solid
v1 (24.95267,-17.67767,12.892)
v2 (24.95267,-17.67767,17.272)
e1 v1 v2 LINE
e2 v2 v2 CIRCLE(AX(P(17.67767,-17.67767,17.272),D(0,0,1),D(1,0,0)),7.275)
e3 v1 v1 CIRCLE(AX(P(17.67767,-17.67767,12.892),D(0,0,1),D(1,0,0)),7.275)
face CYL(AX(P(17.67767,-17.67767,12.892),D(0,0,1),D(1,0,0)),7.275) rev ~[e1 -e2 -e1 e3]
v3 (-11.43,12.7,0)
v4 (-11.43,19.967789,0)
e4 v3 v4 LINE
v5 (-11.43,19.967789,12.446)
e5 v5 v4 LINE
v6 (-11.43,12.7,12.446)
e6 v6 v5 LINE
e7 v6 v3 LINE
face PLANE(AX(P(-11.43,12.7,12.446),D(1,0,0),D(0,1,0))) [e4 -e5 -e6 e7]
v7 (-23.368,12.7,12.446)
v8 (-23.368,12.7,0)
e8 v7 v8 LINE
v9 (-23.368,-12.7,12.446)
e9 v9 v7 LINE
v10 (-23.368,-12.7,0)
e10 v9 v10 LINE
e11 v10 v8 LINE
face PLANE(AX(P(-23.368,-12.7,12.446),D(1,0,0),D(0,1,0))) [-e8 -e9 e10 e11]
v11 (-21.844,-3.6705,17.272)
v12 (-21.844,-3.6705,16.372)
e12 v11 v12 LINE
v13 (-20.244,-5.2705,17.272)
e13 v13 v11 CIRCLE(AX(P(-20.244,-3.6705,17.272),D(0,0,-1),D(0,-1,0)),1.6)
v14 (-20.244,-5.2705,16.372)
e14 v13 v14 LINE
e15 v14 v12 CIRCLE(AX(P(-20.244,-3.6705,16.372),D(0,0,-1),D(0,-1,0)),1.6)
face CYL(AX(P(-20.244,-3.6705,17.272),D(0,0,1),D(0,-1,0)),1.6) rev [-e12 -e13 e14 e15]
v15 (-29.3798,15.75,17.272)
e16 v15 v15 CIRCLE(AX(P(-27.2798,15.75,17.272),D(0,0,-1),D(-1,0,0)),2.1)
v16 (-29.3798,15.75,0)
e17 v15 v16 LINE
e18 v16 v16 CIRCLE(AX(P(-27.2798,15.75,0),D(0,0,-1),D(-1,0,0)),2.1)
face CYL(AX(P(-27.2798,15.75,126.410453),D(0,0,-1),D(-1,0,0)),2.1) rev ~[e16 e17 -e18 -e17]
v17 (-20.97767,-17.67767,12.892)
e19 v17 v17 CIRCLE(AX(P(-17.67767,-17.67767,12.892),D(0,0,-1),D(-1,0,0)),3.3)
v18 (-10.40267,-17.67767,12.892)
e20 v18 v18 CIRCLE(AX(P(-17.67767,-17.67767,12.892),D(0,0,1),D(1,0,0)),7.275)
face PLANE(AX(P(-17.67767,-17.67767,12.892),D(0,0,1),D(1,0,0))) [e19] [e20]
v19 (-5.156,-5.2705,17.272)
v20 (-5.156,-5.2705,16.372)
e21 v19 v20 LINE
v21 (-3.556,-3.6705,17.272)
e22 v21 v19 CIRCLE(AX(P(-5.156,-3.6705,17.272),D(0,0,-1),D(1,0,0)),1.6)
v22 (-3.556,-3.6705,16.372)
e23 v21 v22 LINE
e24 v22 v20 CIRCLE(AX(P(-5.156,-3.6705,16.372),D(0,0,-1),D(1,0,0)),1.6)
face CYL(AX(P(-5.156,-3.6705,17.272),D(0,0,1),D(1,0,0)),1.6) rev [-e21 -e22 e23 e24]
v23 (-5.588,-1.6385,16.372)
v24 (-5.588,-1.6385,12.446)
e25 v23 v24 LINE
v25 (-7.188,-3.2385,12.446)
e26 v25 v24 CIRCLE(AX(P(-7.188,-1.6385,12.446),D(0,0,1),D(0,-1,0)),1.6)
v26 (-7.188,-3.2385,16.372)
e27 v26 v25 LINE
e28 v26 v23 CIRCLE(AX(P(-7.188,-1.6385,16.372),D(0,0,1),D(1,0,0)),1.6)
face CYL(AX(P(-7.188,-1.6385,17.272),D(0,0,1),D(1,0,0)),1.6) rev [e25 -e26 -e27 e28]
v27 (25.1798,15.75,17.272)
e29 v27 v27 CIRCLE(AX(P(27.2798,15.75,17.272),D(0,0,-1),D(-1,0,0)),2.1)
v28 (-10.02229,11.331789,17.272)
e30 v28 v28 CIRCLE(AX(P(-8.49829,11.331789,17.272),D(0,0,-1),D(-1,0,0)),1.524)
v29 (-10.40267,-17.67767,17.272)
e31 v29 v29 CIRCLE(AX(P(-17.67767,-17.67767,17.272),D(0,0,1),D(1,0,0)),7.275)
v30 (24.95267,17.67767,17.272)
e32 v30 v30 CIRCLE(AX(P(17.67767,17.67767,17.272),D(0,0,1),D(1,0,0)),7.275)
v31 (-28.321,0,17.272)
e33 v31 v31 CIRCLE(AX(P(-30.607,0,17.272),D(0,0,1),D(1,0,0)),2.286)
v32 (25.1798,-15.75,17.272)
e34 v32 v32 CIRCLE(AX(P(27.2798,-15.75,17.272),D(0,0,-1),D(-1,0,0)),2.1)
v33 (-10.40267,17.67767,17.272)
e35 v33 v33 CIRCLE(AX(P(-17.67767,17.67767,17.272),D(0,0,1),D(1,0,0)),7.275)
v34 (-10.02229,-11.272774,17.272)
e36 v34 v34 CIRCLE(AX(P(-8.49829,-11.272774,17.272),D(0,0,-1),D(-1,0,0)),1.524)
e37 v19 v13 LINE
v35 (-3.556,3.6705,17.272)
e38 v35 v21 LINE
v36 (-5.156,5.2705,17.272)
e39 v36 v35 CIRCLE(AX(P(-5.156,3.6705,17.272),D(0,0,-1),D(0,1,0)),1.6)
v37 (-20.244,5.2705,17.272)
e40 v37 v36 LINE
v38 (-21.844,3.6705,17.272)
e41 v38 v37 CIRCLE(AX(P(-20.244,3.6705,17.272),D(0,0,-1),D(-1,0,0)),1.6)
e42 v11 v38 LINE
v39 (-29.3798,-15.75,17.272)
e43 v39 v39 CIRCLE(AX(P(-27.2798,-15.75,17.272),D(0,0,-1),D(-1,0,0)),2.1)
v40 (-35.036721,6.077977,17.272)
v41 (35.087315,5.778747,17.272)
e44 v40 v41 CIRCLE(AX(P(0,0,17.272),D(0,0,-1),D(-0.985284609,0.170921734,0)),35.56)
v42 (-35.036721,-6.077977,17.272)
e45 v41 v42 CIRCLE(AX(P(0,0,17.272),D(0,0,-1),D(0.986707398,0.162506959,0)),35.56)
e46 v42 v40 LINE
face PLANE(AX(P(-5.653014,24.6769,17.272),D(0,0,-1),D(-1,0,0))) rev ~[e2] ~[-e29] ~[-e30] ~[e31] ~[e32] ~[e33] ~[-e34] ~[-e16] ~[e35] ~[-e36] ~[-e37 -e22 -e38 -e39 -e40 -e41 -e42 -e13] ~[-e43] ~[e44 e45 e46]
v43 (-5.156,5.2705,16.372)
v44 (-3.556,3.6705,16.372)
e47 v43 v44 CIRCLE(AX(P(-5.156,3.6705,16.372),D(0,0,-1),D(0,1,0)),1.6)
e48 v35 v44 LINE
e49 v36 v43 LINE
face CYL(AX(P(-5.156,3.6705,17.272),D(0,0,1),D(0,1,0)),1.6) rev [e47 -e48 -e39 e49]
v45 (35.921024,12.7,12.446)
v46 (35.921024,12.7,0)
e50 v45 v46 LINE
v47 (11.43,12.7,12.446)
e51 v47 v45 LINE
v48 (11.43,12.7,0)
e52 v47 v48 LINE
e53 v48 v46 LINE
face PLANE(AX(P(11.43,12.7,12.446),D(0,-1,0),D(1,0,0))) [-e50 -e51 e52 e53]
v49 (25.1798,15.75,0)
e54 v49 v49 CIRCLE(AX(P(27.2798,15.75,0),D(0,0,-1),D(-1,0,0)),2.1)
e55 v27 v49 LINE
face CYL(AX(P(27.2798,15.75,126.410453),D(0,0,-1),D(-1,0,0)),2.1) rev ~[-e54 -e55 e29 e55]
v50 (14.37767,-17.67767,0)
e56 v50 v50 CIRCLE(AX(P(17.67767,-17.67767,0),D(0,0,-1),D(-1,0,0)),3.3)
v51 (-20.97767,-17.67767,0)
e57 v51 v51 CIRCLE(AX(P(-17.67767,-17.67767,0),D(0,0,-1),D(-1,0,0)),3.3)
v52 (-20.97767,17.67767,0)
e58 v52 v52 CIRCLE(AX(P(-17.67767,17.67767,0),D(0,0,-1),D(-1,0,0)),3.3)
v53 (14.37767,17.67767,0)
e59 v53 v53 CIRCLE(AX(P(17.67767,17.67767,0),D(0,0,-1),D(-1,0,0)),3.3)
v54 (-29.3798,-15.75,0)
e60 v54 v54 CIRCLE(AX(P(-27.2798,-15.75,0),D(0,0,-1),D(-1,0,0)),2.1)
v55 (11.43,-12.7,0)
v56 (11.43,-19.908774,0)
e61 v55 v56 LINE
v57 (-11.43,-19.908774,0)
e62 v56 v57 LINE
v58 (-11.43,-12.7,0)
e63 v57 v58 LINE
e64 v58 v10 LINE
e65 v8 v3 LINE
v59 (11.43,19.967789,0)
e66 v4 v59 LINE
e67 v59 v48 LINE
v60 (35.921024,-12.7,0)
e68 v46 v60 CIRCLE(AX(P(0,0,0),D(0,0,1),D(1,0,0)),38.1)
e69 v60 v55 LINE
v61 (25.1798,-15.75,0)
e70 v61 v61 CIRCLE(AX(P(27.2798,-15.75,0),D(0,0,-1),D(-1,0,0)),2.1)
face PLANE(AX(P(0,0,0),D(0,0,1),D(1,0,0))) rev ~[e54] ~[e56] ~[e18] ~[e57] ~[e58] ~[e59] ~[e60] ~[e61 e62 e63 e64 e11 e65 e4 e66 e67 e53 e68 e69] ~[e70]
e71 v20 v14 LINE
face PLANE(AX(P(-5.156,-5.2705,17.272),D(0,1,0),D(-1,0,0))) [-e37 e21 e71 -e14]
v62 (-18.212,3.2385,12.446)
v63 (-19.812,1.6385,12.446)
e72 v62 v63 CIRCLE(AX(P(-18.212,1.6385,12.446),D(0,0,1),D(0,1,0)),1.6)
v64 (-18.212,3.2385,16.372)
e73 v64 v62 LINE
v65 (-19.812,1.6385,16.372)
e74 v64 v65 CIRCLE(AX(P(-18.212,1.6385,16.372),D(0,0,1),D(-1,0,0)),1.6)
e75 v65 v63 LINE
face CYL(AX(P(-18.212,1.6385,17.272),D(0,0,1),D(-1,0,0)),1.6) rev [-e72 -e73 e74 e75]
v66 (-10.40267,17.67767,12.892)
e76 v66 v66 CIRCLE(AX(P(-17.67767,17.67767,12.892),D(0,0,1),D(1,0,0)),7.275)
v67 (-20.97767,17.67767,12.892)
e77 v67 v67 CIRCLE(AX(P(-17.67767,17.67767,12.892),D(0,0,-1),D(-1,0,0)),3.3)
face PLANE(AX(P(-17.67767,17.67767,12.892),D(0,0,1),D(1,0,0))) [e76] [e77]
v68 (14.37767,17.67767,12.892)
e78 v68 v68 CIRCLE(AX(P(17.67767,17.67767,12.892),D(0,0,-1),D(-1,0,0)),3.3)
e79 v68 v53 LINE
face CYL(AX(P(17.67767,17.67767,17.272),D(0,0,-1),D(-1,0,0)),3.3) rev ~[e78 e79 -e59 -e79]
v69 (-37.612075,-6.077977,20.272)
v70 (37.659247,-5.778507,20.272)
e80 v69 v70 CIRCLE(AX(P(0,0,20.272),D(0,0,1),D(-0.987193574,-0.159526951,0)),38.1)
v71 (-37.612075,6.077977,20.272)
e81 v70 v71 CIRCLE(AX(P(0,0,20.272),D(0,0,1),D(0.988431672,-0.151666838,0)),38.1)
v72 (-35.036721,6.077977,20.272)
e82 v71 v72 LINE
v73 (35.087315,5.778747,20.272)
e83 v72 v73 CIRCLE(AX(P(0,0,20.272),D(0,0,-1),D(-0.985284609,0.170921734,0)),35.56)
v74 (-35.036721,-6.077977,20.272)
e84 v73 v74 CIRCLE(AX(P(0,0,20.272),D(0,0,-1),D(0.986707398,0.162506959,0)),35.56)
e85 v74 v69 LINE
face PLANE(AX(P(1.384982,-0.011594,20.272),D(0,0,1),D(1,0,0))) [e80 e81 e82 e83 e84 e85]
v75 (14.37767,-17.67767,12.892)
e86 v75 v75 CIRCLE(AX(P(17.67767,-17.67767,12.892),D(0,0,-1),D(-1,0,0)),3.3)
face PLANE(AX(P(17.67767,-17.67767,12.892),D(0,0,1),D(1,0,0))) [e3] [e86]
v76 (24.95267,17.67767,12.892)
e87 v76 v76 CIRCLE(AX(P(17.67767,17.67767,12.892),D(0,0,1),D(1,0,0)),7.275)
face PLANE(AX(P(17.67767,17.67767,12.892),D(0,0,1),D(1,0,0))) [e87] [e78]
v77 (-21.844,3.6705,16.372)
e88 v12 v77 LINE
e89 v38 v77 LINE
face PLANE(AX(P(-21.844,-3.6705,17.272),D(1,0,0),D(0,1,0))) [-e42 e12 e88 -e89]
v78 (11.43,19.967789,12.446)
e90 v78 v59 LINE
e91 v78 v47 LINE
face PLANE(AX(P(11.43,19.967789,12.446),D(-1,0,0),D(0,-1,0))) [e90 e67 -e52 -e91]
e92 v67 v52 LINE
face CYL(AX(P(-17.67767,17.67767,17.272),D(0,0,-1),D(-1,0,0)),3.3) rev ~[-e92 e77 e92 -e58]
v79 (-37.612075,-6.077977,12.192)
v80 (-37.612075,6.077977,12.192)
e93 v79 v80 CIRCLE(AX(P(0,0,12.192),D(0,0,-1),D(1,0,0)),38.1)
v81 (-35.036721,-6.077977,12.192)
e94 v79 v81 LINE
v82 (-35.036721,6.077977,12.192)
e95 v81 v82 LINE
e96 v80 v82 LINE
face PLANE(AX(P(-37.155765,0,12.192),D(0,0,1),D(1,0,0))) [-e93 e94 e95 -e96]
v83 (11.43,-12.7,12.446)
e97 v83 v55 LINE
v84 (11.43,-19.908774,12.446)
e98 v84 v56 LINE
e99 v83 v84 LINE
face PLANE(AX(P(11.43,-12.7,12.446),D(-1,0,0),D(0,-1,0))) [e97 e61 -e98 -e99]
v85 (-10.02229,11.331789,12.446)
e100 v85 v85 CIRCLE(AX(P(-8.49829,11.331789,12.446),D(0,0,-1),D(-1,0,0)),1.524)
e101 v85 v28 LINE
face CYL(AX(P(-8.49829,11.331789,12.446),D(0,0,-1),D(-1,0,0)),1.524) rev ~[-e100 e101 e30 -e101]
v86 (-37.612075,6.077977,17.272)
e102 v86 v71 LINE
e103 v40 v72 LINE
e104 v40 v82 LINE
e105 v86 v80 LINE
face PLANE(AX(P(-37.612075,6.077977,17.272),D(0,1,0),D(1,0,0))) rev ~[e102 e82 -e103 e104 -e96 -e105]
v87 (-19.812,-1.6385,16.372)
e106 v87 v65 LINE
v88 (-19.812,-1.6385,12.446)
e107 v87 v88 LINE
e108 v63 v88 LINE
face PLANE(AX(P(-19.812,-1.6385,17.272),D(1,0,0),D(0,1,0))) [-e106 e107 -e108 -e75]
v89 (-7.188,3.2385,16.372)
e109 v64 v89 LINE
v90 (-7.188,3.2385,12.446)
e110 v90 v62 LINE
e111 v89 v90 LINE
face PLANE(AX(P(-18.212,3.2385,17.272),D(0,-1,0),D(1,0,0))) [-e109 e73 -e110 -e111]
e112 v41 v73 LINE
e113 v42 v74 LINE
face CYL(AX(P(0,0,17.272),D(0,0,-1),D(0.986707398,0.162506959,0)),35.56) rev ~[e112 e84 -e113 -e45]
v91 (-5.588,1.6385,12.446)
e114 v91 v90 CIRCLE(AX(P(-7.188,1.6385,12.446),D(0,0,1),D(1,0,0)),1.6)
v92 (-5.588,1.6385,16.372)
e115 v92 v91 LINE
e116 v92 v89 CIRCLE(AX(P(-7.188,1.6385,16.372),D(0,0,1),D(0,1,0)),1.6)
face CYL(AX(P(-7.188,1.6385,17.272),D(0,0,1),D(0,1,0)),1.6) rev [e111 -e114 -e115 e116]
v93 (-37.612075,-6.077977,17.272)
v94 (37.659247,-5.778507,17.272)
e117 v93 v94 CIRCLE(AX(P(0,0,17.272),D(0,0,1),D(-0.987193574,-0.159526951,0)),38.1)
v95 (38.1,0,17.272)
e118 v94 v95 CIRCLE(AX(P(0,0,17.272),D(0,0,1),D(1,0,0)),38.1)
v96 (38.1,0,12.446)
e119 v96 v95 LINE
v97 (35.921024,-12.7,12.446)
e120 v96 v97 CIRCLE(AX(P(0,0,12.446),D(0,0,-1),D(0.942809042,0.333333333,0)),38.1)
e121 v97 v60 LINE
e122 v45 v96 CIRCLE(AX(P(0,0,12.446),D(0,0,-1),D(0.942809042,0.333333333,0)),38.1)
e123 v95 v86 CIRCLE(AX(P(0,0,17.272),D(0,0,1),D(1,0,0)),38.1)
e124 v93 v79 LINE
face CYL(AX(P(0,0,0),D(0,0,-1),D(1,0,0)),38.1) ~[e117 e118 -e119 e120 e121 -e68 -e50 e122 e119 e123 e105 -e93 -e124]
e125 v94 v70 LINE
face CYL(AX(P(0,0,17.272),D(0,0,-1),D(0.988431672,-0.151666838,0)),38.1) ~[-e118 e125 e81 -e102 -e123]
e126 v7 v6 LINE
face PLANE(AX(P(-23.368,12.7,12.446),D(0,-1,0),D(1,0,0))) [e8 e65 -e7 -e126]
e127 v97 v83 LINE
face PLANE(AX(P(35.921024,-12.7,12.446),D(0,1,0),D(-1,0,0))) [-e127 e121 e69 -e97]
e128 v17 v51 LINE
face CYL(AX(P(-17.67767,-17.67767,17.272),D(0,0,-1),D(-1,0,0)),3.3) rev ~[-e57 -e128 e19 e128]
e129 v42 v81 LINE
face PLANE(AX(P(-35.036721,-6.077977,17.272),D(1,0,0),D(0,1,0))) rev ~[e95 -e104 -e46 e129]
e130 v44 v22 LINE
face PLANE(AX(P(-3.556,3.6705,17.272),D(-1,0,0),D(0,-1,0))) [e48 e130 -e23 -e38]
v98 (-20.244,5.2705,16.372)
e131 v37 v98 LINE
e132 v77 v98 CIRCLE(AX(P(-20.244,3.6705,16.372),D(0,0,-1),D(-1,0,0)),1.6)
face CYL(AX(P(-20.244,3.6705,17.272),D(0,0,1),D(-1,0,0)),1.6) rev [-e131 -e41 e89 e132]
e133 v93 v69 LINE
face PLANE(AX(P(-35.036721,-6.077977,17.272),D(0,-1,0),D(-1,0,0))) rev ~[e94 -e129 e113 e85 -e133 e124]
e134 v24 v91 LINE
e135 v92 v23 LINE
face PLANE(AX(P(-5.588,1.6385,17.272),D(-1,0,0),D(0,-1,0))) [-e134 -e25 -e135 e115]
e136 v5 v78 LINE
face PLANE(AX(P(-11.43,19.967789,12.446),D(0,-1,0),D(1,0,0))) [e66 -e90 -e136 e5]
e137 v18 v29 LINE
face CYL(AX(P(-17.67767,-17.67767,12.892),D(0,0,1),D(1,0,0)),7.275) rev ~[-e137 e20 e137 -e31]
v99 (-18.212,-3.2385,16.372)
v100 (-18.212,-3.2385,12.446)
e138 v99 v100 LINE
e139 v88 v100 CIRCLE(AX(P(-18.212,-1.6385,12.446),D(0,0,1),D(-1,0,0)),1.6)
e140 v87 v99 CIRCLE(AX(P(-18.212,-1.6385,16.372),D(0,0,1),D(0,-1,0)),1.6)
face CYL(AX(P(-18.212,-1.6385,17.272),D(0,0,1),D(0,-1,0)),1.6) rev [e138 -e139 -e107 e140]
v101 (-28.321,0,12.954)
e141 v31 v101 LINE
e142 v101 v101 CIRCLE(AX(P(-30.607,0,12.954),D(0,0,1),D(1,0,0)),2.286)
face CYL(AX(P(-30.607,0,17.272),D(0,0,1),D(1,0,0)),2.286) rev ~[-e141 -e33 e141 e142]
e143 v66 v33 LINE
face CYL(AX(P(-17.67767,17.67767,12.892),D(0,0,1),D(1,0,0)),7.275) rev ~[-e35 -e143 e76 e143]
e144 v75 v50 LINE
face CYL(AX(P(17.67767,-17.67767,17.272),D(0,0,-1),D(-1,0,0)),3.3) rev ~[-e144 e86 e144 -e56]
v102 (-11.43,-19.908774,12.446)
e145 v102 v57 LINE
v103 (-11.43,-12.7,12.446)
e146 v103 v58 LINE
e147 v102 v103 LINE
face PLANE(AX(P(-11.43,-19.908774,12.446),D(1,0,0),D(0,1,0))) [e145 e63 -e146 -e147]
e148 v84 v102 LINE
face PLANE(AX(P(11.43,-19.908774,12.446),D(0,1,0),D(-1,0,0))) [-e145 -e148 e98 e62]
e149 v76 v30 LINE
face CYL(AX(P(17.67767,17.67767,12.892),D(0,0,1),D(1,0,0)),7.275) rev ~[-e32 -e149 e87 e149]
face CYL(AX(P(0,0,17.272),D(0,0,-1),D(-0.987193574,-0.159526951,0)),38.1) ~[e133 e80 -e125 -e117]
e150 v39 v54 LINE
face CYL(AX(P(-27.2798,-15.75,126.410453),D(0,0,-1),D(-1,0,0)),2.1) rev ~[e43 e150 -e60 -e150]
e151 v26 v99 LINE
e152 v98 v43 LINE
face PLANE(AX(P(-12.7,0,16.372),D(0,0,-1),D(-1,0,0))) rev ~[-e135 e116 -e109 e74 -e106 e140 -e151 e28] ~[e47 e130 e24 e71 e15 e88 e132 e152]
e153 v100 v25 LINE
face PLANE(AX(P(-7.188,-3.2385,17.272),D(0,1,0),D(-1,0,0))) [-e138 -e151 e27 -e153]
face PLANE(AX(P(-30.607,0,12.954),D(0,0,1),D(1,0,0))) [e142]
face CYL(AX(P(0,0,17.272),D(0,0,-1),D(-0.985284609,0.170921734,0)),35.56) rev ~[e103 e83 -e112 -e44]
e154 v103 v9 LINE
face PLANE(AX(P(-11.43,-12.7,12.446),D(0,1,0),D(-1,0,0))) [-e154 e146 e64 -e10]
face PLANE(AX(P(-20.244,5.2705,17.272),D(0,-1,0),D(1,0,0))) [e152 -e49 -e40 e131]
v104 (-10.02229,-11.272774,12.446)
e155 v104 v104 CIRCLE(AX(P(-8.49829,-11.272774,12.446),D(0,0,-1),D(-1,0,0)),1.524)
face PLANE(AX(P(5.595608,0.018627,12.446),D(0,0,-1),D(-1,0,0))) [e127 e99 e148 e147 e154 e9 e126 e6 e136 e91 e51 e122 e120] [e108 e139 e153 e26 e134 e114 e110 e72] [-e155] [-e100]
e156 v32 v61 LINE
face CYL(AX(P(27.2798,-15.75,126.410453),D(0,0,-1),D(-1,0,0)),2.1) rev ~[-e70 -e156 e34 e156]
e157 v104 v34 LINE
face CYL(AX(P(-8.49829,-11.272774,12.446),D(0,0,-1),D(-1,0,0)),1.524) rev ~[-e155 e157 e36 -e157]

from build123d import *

# Parameters (mm, degrees)
SKETCH1_R                               = 38.1
BOSS_EXTRUDE1_DEPTH                     = 17.272
CBORE_FOR_M6_HEX_HEAD_BOLT1_D           = 6.6
CBORE_FOR_M6_HEX_HEAD_BOLT1_CBORE_D     = 14.55
CBORE_FOR_M6_HEX_HEAD_BOLT1_CBORE_DEPTH = 4.38
SKETCH6_R                               = 1.515
PIN_FOR_M6_DEPTH                        = 17.272
M5X0_8_TAPPED_HOLE1_D                   = 4.2
SKETCH10_R                              = 1.05
SPRING_PIN_HOLE_DEPTH                   = 17.272
ALLIGNMENT_BORDER_DEPTH                 = 3
CUT_EXTRUDE2_DEPTH                      = 0.9
SKETCH16_R                              = 2.286
R_PIN_GROUNDING_DEPTH                   = 4.318
CUT_EXTRUDE3_START                      = -12.446
CUT_EXTRUDE3_DEPTH                      = 12.446
SKETCH18_W                              = 4.238089583
SKETCH18_H                              = 12.155953692
CUT_EXTRUDE4_DEPTH                      = 5.08
BOSS_EXTRUDE2_START                     = -17.272
SKETCH19_R                              = 1.515
BOSS_EXTRUDE2_DEPTH                     = 17.272
SKETCH20_R                              = 1.524
CUT_EXTRUDE5_DEPTH                      = 5.08


with BuildPart() as part:
    # Sketch1 → Boss-Extrude1 (new body)
    with BuildSketch(Plane.XY):
        Circle(SKETCH1_R)
    extrude(amount=BOSS_EXTRUDE1_DEPTH)

    # CBORE for M6 Hex Head Bolt1 (through all)
    with Locations(Plane.XY.offset(17.272)):
        with Locations((17.67766953, 17.67766953), (17.67766953, -17.67766953), (-17.67766953, -17.67766953), (-17.67766953, 17.67766953)):
            CounterBoreHole(CBORE_FOR_M6_HEX_HEAD_BOLT1_D / 2, CBORE_FOR_M6_HEX_HEAD_BOLT1_CBORE_D / 2, CBORE_FOR_M6_HEX_HEAD_BOLT1_CBORE_DEPTH)

    # Sketch6 → Pin_for_M6 (cut)
    with BuildSketch(Plane.XY.offset(17.272)):
        with Locations((-5.653014274, 24.676900213)):
            Circle(SKETCH6_R)
    extrude(amount=-PIN_FOR_M6_DEPTH, mode=Mode.SUBTRACT)

    # M5x0.8 Tapped Hole1 (through all)
    with Locations(Plane.XY.offset(17.272)):
        with Locations((27.279800219, 15.75), (-27.279800219, 15.75), (27.279800219, -15.75), (-27.279800219, -15.75)):
            Hole(M5X0_8_TAPPED_HOLE1_D / 2)

    # Sketch10 → Spring_Pin_Hole (cut)
    with BuildSketch(Plane.XY.offset(17.272)):
        with Locations((-5.653014274, 24.676900213)):
            Circle(SKETCH10_R)
        with BuildLine():
            Line((-18.212, 3.2385), (-7.188, 3.2385))
            ThreePointArc((-7.188, 3.2385), (-6.05662915, 2.76987085), (-5.588, 1.6385))
            Line((-5.588, 1.6385), (-5.588, -1.6385))
            ThreePointArc((-5.588, -1.6385), (-6.05662915, -2.76987085), (-7.188, -3.2385))
            Line((-7.188, -3.2385), (-18.212, -3.2385))
            ThreePointArc((-18.212, -3.2385), (-19.34337085, -2.76987085), (-19.812, -1.6385))
            Line((-19.812, -1.6385), (-19.812, 1.6385))
            ThreePointArc((-19.812, 1.6385), (-19.34337085, 2.76987085), (-18.212, 3.2385))
        make_face()
    extrude(amount=-SPRING_PIN_HOLE_DEPTH, mode=Mode.SUBTRACT)

    # Sketch13 → Allignment_Border (add)
    with BuildSketch(Plane.XY.offset(17.272)):
        with BuildLine():
            Line((-37.612075155, 6.077976846), (-35.036720701, 6.077976846))
            ThreePointArc((-35.036720701, 6.077976846), (0.151738272, 35.559676257), (35.087315055, 5.778747461))
            ThreePointArc((35.087315055, 5.778747461), (5.928416127, -35.06233709), (-35.036720701, -6.077976846))
            Line((-35.036720701, -6.077976846), (-37.612075155, -6.077976846))
            ThreePointArc((-37.612075155, -6.077976846), (0.15158135, -38.099698465), (37.659246703, -5.778506535))
            ThreePointArc((37.659246703, -5.778506535), (5.928288609, 37.635958792), (-37.612075155, 6.077976846))
        make_face()
    extrude(amount=ALLIGNMENT_BORDER_DEPTH)

    # Sketch15 → Cut-Extrude2 (cut)
    with BuildSketch(Plane.XY.offset(17.272)):
        with BuildLine():
            Line((-20.244, 5.2705), (-5.156, 5.2705))
            ThreePointArc((-5.156, 5.2705), (-4.02462915, 4.80187085), (-3.556, 3.6705))
            Line((-3.556, 3.6705), (-3.556, -3.6705))
            ThreePointArc((-3.556, -3.6705), (-4.02462915, -4.80187085), (-5.156, -5.2705))
            Line((-5.156, -5.2705), (-20.244, -5.2705))
            ThreePointArc((-20.244, -5.2705), (-21.37537085, -4.80187085), (-21.844, -3.6705))
            Line((-21.844, -3.6705), (-21.844, 3.6705))
            ThreePointArc((-21.844, 3.6705), (-21.37537085, 4.80187085), (-20.244, 5.2705))
        make_face()
    extrude(amount=-CUT_EXTRUDE2_DEPTH, mode=Mode.SUBTRACT)

    # Sketch16 → R_Pin_Grounding (cut)
    with BuildSketch(Plane.XY.offset(17.272)):
        with Locations((-30.607, 0)):
            Circle(SKETCH16_R)
    extrude(amount=-R_PIN_GROUNDING_DEPTH, mode=Mode.SUBTRACT)

    # Sketch17 → Cut-Extrude3 (cut)
    with BuildSketch(Plane(origin=(0, 0, 0), x_dir=(-1, 0, 0), z_dir=(0, 0, -1)).offset(CUT_EXTRUDE3_START)):
        with BuildLine():
            Line((-11.43, 12.7), (-35.921024484, 12.7))
            ThreePointArc((-35.921024484, 12.7), (-38.1, 0), (-35.921024484, -12.7))
            Line((-35.921024484, -12.7), (-11.43, -12.7))
            Line((-11.43, -12.7), (-11.43, -19.908773642))
            Line((-11.43, -19.908773642), (11.43, -19.908773642))
            Line((11.43, -19.908773642), (11.43, -12.7))
            Line((11.43, -12.7), (23.368, -12.7))
            Line((23.368, -12.7), (23.368, 12.7))
            Line((23.368, 12.7), (11.43, 12.7))
            Line((11.43, 12.7), (11.43, 19.967789095))
            Line((11.43, 19.967789095), (-11.43, 19.967789095))
            Line((-11.43, 19.967789095), (-11.43, 12.7))
        make_face()
        with BuildLine():
            ThreePointArc((7.188, -3.2385), (6.05662915, -2.76987085), (5.588, -1.6385))
            Line((5.588, -1.6385), (5.588, 1.6385))
            ThreePointArc((5.588, 1.6385), (6.05662915, 2.76987085), (7.188, 3.2385))
            Line((7.188, 3.2385), (18.212, 3.2385))
            ThreePointArc((18.212, 3.2385), (19.34337085, 2.76987085), (19.812, 1.6385))
            Line((19.812, 1.6385), (19.812, -1.6385))
            ThreePointArc((19.812, -1.6385), (19.34337085, -2.76987085), (18.212, -3.2385))
            Line((18.212, -3.2385), (7.188, -3.2385))
        make_face(mode=Mode.SUBTRACT)
    extrude(amount=CUT_EXTRUDE3_DEPTH, mode=Mode.SUBTRACT)

    # Sketch18 → Cut-Extrude4 (cut)
    with BuildSketch(Plane.XY.offset(17.272)):
        with Locations((-37.155765493, 0)):
            Rectangle(SKETCH18_W, SKETCH18_H)
    extrude(amount=-CUT_EXTRUDE4_DEPTH, mode=Mode.SUBTRACT)

    # Sketch19 → Boss-Extrude2 (add)
    with BuildSketch(Plane(origin=(0, 0, 0), x_dir=(-1, 0, 0), z_dir=(0, 0, -1)).offset(BOSS_EXTRUDE2_START)):
        with Locations((5.653014274, 24.676900213)):
            Circle(SKETCH19_R)
    extrude(amount=BOSS_EXTRUDE2_DEPTH)

    # Sketch20 → Cut-Extrude5 (cut)
    with BuildSketch(Plane(origin=(0, 0, 12.446), x_dir=(-1, 0, 0), z_dir=(0, 0, -1))):
        with Locations((8.49829012, -11.272773642)):
            Circle(SKETCH20_R)
        with Locations((8.49829012, 11.331789095)):
            Circle(SKETCH20_R)
    extrude(amount=-CUT_EXTRUDE5_DEPTH, mode=Mode.SUBTRACT)


solid = part.part
